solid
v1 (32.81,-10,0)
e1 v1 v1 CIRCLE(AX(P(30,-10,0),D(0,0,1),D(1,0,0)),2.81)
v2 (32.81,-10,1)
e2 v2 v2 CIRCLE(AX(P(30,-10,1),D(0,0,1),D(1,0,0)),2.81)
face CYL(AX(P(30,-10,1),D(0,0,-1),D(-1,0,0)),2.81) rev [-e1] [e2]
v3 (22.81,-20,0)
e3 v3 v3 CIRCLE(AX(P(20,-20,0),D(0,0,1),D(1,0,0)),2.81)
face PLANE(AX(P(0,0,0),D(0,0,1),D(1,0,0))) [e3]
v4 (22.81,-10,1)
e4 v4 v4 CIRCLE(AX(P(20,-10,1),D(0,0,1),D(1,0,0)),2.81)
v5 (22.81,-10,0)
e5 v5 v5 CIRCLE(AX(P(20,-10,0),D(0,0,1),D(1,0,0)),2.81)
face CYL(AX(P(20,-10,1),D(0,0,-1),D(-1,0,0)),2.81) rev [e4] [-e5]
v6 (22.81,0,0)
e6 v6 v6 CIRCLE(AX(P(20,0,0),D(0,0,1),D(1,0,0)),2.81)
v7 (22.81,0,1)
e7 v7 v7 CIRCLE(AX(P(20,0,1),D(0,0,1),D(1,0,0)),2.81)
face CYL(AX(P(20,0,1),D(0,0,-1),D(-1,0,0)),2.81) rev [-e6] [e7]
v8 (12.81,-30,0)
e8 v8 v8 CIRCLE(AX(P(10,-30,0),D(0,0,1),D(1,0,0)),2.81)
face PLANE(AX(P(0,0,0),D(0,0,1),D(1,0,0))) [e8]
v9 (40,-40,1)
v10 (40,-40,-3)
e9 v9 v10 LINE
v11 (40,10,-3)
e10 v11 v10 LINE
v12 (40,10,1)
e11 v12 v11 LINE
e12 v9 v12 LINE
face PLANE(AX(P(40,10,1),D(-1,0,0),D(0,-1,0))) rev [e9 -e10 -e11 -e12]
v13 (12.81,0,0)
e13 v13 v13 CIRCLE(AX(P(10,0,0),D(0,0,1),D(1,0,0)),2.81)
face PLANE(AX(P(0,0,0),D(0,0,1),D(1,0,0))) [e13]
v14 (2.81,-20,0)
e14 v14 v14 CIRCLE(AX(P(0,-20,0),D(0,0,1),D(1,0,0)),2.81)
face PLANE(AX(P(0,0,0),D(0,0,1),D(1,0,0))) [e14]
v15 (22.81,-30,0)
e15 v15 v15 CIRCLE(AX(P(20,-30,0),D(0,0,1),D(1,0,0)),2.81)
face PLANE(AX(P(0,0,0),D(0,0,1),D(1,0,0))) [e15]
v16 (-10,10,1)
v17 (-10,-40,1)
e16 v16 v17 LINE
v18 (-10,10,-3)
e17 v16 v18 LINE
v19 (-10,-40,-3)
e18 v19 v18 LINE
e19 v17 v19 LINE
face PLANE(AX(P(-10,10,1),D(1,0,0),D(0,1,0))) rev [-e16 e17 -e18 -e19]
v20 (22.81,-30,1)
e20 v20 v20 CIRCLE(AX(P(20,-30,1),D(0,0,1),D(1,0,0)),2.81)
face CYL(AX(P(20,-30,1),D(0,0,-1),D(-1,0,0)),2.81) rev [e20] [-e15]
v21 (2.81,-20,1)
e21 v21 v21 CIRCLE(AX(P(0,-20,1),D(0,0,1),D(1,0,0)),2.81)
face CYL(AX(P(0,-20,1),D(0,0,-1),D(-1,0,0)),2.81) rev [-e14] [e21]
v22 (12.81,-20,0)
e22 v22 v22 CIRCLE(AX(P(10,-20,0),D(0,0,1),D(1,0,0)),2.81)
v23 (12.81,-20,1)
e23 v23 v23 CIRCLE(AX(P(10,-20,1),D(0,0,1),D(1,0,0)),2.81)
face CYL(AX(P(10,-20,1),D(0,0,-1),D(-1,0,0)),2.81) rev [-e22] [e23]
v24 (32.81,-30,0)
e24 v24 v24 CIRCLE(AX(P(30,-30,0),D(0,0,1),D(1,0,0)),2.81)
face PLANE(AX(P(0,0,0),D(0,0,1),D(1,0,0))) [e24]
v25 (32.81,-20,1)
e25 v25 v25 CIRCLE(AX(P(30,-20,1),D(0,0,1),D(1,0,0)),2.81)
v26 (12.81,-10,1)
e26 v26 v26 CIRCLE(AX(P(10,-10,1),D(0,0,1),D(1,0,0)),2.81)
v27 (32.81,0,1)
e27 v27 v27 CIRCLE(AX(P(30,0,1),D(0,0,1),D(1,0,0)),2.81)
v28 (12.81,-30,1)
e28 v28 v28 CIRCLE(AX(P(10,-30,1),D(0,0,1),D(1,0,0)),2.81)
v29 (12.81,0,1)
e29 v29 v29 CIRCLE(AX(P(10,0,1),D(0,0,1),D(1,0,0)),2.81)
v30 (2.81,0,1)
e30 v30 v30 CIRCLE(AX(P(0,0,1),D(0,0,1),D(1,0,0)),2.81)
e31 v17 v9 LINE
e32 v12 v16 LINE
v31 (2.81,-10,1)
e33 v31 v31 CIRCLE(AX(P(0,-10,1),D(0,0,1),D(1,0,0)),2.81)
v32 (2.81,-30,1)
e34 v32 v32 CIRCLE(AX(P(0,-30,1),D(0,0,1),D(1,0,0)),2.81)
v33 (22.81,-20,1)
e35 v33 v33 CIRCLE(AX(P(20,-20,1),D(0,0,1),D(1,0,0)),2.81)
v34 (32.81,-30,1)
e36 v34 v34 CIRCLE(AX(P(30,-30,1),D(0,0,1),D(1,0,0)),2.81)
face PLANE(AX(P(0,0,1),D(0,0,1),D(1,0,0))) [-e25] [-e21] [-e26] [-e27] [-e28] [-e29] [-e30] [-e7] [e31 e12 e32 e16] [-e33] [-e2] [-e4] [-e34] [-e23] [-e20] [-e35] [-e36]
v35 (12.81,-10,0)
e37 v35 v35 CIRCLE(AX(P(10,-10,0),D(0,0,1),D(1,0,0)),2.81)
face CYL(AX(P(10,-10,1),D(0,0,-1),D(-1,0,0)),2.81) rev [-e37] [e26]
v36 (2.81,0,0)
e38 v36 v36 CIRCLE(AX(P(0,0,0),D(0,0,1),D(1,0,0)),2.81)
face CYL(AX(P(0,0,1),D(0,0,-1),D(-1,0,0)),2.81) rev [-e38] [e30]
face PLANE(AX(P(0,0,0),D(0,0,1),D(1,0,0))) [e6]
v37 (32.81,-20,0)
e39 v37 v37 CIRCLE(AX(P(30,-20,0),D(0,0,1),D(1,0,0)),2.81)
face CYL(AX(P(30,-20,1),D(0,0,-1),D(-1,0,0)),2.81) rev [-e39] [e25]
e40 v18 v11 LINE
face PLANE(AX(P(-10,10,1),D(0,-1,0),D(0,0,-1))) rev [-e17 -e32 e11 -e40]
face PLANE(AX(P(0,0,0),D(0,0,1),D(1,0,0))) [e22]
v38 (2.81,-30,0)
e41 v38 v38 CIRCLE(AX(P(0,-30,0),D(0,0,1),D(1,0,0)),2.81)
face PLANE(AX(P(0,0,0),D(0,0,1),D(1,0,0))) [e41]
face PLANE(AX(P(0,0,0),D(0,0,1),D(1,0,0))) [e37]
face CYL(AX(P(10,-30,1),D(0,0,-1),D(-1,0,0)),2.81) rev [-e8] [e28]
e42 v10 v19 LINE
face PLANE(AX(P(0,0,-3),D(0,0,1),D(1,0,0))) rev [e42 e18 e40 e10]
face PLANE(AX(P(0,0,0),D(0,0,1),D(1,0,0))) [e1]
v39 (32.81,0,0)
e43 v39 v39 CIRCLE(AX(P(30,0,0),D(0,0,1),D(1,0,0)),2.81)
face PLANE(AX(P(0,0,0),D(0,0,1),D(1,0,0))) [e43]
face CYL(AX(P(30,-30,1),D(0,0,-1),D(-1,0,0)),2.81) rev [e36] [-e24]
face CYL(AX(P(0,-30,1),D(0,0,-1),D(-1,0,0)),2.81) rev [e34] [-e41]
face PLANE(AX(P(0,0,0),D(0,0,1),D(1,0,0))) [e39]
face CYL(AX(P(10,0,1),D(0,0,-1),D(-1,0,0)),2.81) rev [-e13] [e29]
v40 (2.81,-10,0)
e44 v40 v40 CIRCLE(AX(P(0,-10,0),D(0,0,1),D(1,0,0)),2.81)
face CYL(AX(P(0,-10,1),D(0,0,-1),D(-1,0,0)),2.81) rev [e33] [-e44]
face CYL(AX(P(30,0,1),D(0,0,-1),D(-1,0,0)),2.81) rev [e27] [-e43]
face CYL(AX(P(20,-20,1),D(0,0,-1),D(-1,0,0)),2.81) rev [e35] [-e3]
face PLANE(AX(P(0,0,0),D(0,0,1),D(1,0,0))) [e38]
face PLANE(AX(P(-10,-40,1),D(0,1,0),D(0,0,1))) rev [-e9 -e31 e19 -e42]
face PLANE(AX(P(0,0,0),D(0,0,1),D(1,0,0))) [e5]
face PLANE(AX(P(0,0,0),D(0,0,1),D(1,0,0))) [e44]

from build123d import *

# Parameters (mm, degrees)
SKETCH1_W           = 50
SKETCH1_H           = 50
SKETCH1_R           = 2.81
BOSS_EXTRUDE1_DEPTH = 1
SKETCH2_W           = 50
SKETCH2_H           = 50
BOSS_EXTRUDE2_DEPTH = 3


with BuildPart() as part:
    # Sketch1 → Boss-Extrude1 (new body)
    with BuildSketch(Plane.XY):
        with Locations((15, -15)):
            Rectangle(SKETCH1_W, SKETCH1_H)
        Circle(SKETCH1_R, mode=Mode.SUBTRACT)
        with Locations((10, 0)):
            Circle(SKETCH1_R, mode=Mode.SUBTRACT)
        with Locations((20, 0)):
            Circle(SKETCH1_R, mode=Mode.SUBTRACT)
        with Locations((30, 0)):
            Circle(SKETCH1_R, mode=Mode.SUBTRACT)
        with Locations((10, -10)):
            Circle(SKETCH1_R, mode=Mode.SUBTRACT)
        with Locations((20, -10)):
            Circle(SKETCH1_R, mode=Mode.SUBTRACT)
        with Locations((30, -10)):
            Circle(SKETCH1_R, mode=Mode.SUBTRACT)
        with Locations((10, -20)):
            Circle(SKETCH1_R, mode=Mode.SUBTRACT)
        with Locations((20, -20)):
            Circle(SKETCH1_R, mode=Mode.SUBTRACT)
        with Locations((30, -20)):
            Circle(SKETCH1_R, mode=Mode.SUBTRACT)
        with Locations((10, -30)):
            Circle(SKETCH1_R, mode=Mode.SUBTRACT)
        with Locations((20, -30)):
            Circle(SKETCH1_R, mode=Mode.SUBTRACT)
        with Locations((30, -30)):
            Circle(SKETCH1_R, mode=Mode.SUBTRACT)
        with Locations((0, -10)):
            Circle(SKETCH1_R, mode=Mode.SUBTRACT)
        with Locations((0, -20)):
            Circle(SKETCH1_R, mode=Mode.SUBTRACT)
        with Locations((0, -30)):
            Circle(SKETCH1_R, mode=Mode.SUBTRACT)
    extrude(amount=BOSS_EXTRUDE1_DEPTH)

    # Sketch2 → Boss-Extrude2 (add)
    with BuildSketch(Plane(origin=(0, 0, 0), x_dir=(-1, 0, 0), z_dir=(0, 0, -1))):
        with Locations((-15, -15)):
            Rectangle(SKETCH2_W, SKETCH2_H)
    extrude(amount=BOSS_EXTRUDE2_DEPTH)


solid = part.part
